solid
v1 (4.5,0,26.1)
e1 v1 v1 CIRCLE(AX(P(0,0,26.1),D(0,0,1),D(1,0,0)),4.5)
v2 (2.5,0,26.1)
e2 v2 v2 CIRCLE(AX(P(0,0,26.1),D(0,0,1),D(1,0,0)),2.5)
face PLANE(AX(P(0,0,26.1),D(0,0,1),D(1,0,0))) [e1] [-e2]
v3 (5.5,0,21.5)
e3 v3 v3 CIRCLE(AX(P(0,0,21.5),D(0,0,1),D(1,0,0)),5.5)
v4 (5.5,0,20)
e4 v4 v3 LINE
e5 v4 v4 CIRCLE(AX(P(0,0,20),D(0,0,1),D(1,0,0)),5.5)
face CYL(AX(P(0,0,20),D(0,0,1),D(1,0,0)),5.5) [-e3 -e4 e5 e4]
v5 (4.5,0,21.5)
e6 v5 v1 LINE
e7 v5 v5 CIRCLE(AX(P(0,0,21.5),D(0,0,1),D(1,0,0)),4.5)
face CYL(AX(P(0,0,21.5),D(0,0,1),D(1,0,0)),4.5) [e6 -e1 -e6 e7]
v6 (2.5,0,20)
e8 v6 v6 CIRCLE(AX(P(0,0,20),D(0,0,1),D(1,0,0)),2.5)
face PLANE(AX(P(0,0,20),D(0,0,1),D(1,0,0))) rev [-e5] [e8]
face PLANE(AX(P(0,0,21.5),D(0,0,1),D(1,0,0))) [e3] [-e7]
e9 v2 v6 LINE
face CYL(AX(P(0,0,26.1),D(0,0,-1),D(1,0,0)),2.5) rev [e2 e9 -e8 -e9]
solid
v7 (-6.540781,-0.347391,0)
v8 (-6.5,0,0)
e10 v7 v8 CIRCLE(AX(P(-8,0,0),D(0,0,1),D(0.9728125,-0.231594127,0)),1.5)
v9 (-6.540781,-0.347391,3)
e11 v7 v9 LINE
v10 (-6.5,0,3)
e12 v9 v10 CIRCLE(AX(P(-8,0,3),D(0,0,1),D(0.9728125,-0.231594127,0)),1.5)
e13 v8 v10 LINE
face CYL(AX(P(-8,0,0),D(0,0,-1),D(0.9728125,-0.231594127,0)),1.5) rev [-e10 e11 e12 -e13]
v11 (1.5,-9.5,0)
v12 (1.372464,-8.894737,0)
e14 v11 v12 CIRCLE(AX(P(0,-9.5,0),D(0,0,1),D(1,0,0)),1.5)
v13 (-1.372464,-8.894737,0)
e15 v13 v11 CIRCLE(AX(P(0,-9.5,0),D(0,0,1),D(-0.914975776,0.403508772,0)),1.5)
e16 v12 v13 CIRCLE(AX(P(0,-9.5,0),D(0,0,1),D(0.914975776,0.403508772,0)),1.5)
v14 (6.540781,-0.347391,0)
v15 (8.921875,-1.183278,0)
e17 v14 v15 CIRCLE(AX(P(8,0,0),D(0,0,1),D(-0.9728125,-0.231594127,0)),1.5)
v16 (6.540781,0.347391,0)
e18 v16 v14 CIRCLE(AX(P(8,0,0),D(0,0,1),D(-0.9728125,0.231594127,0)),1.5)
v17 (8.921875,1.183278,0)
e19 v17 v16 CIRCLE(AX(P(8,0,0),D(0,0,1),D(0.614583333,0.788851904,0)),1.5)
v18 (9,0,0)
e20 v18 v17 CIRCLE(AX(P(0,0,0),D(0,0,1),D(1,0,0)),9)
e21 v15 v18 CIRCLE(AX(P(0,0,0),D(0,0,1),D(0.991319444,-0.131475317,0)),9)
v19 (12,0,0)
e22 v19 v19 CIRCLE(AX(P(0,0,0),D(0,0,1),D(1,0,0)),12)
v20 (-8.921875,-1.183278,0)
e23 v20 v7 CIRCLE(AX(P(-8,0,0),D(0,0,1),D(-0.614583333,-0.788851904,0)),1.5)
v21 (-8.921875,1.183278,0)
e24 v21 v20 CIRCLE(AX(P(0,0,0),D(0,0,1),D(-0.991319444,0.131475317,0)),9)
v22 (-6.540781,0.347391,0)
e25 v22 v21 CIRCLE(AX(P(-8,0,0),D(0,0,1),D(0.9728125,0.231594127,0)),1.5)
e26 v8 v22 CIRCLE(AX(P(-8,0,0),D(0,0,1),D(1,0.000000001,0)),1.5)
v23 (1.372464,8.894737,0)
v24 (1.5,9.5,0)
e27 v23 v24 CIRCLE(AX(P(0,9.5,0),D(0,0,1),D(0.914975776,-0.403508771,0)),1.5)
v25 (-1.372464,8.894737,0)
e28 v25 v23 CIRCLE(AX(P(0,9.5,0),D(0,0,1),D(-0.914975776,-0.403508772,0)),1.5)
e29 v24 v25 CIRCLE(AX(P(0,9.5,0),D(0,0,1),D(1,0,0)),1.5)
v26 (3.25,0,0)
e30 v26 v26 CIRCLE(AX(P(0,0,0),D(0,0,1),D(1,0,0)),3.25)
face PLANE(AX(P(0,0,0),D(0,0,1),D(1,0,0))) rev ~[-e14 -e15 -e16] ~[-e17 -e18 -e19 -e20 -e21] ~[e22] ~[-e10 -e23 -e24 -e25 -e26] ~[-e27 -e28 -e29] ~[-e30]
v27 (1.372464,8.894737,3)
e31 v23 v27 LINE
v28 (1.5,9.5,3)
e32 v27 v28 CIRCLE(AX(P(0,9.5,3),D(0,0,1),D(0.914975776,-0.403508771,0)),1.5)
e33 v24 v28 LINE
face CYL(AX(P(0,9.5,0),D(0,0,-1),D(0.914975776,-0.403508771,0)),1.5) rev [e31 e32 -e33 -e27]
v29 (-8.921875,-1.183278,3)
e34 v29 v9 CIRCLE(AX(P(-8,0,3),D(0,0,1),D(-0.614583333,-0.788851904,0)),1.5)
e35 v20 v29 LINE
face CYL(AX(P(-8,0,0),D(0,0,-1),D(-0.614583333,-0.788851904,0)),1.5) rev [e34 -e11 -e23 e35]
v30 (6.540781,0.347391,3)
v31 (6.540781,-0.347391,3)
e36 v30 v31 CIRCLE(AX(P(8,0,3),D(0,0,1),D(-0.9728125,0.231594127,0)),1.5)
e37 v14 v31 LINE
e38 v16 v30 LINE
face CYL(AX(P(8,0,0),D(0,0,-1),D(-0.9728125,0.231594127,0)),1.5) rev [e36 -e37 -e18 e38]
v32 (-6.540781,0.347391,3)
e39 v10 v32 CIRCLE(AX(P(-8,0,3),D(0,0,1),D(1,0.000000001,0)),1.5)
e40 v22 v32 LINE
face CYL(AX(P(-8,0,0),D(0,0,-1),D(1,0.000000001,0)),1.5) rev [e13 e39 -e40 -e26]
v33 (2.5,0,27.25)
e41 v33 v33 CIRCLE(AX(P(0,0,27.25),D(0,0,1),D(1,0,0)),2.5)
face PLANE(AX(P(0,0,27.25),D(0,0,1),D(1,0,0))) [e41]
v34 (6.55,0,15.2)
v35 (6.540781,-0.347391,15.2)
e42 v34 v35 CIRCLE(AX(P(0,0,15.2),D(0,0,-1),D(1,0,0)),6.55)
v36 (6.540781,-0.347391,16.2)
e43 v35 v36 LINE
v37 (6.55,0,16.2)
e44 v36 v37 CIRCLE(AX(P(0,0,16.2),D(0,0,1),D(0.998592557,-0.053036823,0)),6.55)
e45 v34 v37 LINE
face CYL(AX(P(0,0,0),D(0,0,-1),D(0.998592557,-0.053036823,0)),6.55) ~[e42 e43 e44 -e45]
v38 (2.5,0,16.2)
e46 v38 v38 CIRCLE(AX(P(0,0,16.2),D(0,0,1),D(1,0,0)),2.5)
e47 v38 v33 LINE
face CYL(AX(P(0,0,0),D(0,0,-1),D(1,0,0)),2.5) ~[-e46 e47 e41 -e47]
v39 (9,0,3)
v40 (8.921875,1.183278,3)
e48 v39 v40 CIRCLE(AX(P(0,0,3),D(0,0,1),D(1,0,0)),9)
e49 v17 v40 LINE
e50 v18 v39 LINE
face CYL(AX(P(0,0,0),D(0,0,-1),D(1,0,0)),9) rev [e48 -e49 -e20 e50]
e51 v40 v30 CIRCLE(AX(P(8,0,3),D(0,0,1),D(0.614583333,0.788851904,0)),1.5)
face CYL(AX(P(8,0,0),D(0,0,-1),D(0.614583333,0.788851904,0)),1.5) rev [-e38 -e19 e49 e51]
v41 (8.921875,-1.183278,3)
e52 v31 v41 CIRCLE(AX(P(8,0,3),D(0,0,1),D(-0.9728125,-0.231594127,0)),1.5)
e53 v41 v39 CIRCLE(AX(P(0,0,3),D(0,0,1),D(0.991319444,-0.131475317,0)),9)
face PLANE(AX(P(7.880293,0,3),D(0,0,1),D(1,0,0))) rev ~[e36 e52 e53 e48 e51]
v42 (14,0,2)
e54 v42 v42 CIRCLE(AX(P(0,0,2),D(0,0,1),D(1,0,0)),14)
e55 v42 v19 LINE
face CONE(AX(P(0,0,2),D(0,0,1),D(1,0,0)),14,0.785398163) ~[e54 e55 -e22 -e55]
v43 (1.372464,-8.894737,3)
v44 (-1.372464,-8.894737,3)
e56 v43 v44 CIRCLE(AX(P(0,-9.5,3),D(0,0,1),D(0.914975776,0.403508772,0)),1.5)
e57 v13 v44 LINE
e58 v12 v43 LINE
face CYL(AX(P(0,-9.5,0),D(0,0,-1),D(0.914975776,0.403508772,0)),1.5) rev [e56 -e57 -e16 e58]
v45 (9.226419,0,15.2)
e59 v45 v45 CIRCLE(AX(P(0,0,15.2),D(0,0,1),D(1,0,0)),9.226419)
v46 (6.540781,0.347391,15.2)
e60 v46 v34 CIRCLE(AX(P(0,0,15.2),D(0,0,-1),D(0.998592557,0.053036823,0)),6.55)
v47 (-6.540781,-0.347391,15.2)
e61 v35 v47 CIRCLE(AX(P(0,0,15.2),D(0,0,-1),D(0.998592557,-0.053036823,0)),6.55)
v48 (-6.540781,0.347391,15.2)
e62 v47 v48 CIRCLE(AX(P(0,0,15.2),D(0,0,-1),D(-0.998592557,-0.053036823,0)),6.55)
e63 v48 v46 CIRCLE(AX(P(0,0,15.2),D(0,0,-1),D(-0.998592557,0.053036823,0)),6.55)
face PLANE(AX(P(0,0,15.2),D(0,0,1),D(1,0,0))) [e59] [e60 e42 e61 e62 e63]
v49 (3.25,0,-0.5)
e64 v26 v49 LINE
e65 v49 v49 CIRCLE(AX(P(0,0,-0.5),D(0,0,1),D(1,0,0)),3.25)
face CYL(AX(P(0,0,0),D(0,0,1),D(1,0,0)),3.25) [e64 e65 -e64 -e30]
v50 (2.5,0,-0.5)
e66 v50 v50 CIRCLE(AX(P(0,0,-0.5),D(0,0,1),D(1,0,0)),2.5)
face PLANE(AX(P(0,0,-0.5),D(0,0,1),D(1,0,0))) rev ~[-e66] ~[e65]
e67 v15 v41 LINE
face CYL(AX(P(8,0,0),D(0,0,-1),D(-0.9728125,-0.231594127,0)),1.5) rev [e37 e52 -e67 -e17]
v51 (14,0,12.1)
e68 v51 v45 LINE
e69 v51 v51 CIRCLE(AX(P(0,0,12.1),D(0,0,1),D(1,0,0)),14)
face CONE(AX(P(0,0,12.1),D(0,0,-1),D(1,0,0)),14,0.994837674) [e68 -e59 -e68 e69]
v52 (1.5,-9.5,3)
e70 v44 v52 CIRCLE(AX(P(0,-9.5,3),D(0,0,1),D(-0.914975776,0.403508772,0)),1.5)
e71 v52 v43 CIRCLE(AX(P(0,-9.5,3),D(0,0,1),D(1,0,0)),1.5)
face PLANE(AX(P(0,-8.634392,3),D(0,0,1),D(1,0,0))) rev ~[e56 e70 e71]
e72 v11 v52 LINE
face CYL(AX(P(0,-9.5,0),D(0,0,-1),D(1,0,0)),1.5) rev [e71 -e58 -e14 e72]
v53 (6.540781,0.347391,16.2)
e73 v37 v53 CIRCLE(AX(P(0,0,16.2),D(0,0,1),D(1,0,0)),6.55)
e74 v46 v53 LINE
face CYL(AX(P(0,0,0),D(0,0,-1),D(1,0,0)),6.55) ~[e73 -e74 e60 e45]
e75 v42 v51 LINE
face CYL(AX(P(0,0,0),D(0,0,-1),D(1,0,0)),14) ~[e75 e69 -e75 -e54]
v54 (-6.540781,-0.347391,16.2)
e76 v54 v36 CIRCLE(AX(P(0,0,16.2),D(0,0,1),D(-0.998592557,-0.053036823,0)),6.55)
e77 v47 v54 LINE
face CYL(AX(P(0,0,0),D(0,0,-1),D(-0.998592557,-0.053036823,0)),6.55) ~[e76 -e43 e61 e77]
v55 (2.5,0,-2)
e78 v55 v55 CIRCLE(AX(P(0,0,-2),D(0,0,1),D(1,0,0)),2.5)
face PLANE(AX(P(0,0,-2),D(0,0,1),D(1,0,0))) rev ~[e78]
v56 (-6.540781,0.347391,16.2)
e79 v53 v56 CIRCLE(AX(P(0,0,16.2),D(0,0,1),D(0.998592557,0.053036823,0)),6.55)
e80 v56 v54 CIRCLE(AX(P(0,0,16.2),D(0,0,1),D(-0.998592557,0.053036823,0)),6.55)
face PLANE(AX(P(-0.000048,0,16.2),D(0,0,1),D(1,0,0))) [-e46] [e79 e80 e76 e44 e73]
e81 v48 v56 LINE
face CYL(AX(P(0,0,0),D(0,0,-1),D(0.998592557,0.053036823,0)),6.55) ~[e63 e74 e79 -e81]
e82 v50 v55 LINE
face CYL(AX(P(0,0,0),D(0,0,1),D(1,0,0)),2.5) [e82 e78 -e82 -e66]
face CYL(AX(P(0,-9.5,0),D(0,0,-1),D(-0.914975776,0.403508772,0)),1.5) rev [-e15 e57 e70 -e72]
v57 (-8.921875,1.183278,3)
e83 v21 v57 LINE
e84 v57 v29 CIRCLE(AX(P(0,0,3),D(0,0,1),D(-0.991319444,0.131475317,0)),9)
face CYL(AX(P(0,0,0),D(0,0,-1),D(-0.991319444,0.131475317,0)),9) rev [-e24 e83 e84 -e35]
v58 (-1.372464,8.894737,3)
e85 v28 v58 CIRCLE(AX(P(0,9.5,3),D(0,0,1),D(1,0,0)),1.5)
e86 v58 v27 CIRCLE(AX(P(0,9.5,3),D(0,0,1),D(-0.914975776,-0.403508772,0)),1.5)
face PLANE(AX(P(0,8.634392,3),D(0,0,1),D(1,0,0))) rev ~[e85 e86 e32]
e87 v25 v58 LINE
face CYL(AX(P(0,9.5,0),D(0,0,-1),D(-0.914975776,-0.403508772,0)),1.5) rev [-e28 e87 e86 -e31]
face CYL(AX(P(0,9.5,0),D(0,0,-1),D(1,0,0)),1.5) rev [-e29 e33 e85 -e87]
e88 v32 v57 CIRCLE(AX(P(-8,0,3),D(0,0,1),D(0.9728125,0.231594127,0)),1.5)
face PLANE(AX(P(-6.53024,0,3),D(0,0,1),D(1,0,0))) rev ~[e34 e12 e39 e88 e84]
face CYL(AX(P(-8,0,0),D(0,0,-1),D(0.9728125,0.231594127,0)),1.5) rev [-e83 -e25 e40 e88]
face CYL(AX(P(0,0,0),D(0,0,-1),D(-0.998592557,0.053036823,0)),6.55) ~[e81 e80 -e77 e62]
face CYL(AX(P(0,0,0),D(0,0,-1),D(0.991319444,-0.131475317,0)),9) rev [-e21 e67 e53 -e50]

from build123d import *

# Parameters (mm, degrees)
F0_R          = 14
F1_DEPTH      = 15.2
F0_R_2        = 3.25
F0_R_3        = 2.5
F2_DEPTH      = 16.2
F3_DEPTH      = 27.25
F3_DEPTH_BACK = 2
F4_DEPTH      = 0.5
F5_SIZE2      = 4.7735813878
F5_SIZE       = 3.1
F6_SIZE2      = 2
F6_SIZE       = 2
F9_DEPTH      = 3


with BuildPart() as f1:
    # F0 (on Top) → F1 (new body)
    with BuildSketch(Plane.XY):
        Circle(F0_R)
        with BuildLine():
            ThreePointArc((1.3724636643, 8.8947368421), (6.4311742363, 6.2960303321), (8.921875, 1.1832778559))
            ThreePointArc((8.921875, 1.1832778559), (9.3477411658, 0.6584783596), (9.5, 0))
            ThreePointArc((9.5, 0), (9.3477411658, -0.6584783596), (8.921875, -1.1832778559))
            ThreePointArc((8.921875, -1.1832778559), (6.4311742363, -6.2960303321), (1.3724636643, -8.8947368421))
            ThreePointArc((1.3724636643, -8.8947368421), (1.4677696509, -9.1907230177), (1.5, -9.5))
            ThreePointArc((1.5, -9.5), (-0.3092769823, -10.9677696509), (-1.3724636643, -8.8947368421))
            ThreePointArc((-1.3724636643, -8.8947368421), (-6.4311742363, -6.2960303321), (-8.921875, -1.1832778559))
            ThreePointArc((-8.921875, -1.1832778559), (-9.5, 0), (-8.921875, 1.1832778559))
            ThreePointArc((-8.921875, 1.1832778559), (-6.4311742363, 6.2960303321), (-1.3724636643, 8.8947368421))
            ThreePointArc((-1.3724636643, 8.8947368421), (-0.3092769823, 10.9677696509), (1.5, 9.5))
            ThreePointArc((1.5, 9.5), (1.4677696509, 9.1907230177), (1.3724636643, 8.8947368421))
        make_face(mode=Mode.SUBTRACT)
        with BuildLine():
            ThreePointArc((-6.54078125, -0.3473911911), (-6.55, 0), (-6.54078125, 0.3473911911))
            ThreePointArc((-6.54078125, 0.3473911911), (-7.5031487088, 1.4153228587), (-8.921875, 1.1832778559))
            ThreePointArc((-8.921875, 1.1832778559), (-9, 0), (-8.921875, -1.1832778559))
            ThreePointArc((-8.921875, -1.1832778559), (-7.5031487088, -1.4153228587), (-6.54078125, -0.3473911911))
        make_face()
        with BuildLine():
            ThreePointArc((6.54078125, 0.3473911911), (6.5476949069, 0.1737567445), (6.55, 0))
            ThreePointArc((6.55, 0), (6.5476949069, -0.1737567445), (6.54078125, -0.3473911911))
            ThreePointArc((6.54078125, -0.3473911911), (7.5031487088, -1.4153228587), (8.921875, -1.1832778559))
            ThreePointArc((8.921875, -1.1832778559), (8.9804475111, -0.5929270613), (9, 0))
            ThreePointArc((9, 0), (8.9804475111, 0.5929270613), (8.921875, 1.1832778559))
            ThreePointArc((8.921875, 1.1832778559), (7.5031487088, 1.4153228587), (6.54078125, 0.3473911911))
        make_face()
        with BuildLine():
            ThreePointArc((-1.3724636643, -8.8947368421), (0, -9), (1.3724636643, -8.8947368421))
            ThreePointArc((1.3724636643, -8.8947368421), (0, -8), (-1.3724636643, -8.8947368421))
        make_face()
        with BuildLine():
            ThreePointArc((1.5, -9.5), (1.4677696509, -9.1907230177), (1.3724636643, -8.8947368421))
            ThreePointArc((1.3724636643, -8.8947368421), (0, -9), (-1.3724636643, -8.8947368421))
            ThreePointArc((-1.3724636643, -8.8947368421), (-0.3092769823, -10.9677696509), (1.5, -9.5))
        make_face()
        with BuildLine():
            ThreePointArc((-1.3724636643, 8.8947368421), (0, 8), (1.3724636643, 8.8947368421))
            ThreePointArc((1.3724636643, 8.8947368421), (0, 9), (-1.3724636643, 8.8947368421))
        make_face()
        with BuildLine():
            ThreePointArc((-1.3724636643, 8.8947368421), (0, 9), (1.3724636643, 8.8947368421))
            ThreePointArc((1.3724636643, 8.8947368421), (1.4677696509, 9.1907230177), (1.5, 9.5))
            ThreePointArc((1.5, 9.5), (-0.3092769823, 10.9677696509), (-1.3724636643, 8.8947368421))
        make_face()
        with BuildLine():
            ThreePointArc((-8.921875, -1.1832778559), (-9, 0), (-8.921875, 1.1832778559))
            ThreePointArc((-8.921875, 1.1832778559), (-9.5, 0), (-8.921875, -1.1832778559))
        make_face()
        with BuildLine():
            ThreePointArc((9.5, 0), (9.3477411658, 0.6584783596), (8.921875, 1.1832778559))
            ThreePointArc((8.921875, 1.1832778559), (8.9804475111, 0.5929270613), (9, 0))
            ThreePointArc((9, 0), (8.9804475111, -0.5929270613), (8.921875, -1.1832778559))
            ThreePointArc((8.921875, -1.1832778559), (9.3477411658, -0.6584783596), (9.5, 0))
        make_face()
        with BuildLine():
            ThreePointArc((-6.54078125, 0.3473911911), (0, 6.55), (6.54078125, 0.3473911911))
            ThreePointArc((6.54078125, 0.3473911911), (7.5031487088, 1.4153228587), (8.921875, 1.1832778559))
            ThreePointArc((8.921875, 1.1832778559), (6.4311742363, 6.2960303321), (1.3724636643, 8.8947368421))
            ThreePointArc((1.3724636643, 8.8947368421), (0, 8), (-1.3724636643, 8.8947368421))
            ThreePointArc((-1.3724636643, 8.8947368421), (-6.4311742363, 6.2960303321), (-8.921875, 1.1832778559))
            ThreePointArc((-8.921875, 1.1832778559), (-7.5031487088, 1.4153228587), (-6.54078125, 0.3473911911))
        make_face()
        with BuildLine():
            ThreePointArc((8.921875, -1.1832778559), (7.5031487088, -1.4153228587), (6.54078125, -0.3473911911))
            ThreePointArc((6.54078125, -0.3473911911), (0, -6.55), (-6.54078125, -0.3473911911))
            ThreePointArc((-6.54078125, -0.3473911911), (-7.5031487088, -1.4153228587), (-8.921875, -1.1832778559))
            ThreePointArc((-8.921875, -1.1832778559), (-6.4311742363, -6.2960303321), (-1.3724636643, -8.8947368421))
            ThreePointArc((-1.3724636643, -8.8947368421), (0, -8), (1.3724636643, -8.8947368421))
            ThreePointArc((1.3724636643, -8.8947368421), (6.4311742363, -6.2960303321), (8.921875, -1.1832778559))
        make_face()
    extrude(amount=F1_DEPTH)



with BuildPart() as f1b:
    # F0 (on Top) → F1, piece 2 (new body)
    with BuildSketch(Plane.XY):
        Circle(F0_R_2)
        Circle(F0_R_3, mode=Mode.SUBTRACT)
        Circle(F0_R_3)
    extrude(amount=F1_DEPTH)


with BuildPart() as f1_1:
    add(f1.part)

    add(f1b.part)  # F2 merges F1b
    # F0 (on Top) → F2 (join)
    with BuildSketch(Plane.XY):
        with BuildLine():
            ThreePointArc((6.54078125, -0.3473911911), (6.5, 0), (6.54078125, 0.3473911911))
            ThreePointArc((6.54078125, 0.3473911911), (0, 6.55), (-6.54078125, 0.3473911911))
            ThreePointArc((-6.54078125, 0.3473911911), (-6.5102301982, 0.1748883572), (-6.5, 0))
            ThreePointArc((-6.5, 0), (-6.5102301982, -0.1748883572), (-6.54078125, -0.3473911911))
            ThreePointArc((-6.54078125, -0.3473911911), (0, -6.55), (6.54078125, -0.3473911911))
        make_face()
        Circle(F0_R_2, mode=Mode.SUBTRACT)
        with BuildLine():
            ThreePointArc((-6.5, 0), (-6.5102301982, 0.1748883572), (-6.54078125, 0.3473911911))
            ThreePointArc((-6.54078125, 0.3473911911), (-6.55, 0), (-6.54078125, -0.3473911911))
            ThreePointArc((-6.54078125, -0.3473911911), (-6.5102301982, -0.1748883572), (-6.5, 0))
        make_face()
        with BuildLine():
            ThreePointArc((6.54078125, -0.3473911911), (6.5476949069, -0.1737567445), (6.55, 0))
            ThreePointArc((6.55, 0), (6.5476949069, 0.1737567445), (6.54078125, 0.3473911911))
            ThreePointArc((6.54078125, 0.3473911911), (6.5, 0), (6.54078125, -0.3473911911))
        make_face()
        Circle(F0_R_2)
        Circle(F0_R_3, mode=Mode.SUBTRACT)
    extrude(amount=F2_DEPTH)

    # F0 (on Top) → F3 (join, two sides)
    with BuildSketch(Plane.XY) as f3_sk:
        Circle(F0_R_3)
    extrude(amount=F3_DEPTH)
    extrude(f3_sk.sketch, amount=-F3_DEPTH_BACK)

    # F0 (on Top) → F4 (join)
    with BuildSketch(Plane.XY):
        Circle(F0_R_2)
        Circle(F0_R_3, mode=Mode.SUBTRACT)
    extrude(amount=-F4_DEPTH)

    # F5
    f5_edges = [f1_1.edges().sort_by_distance(p)[0] for p in [
        (-14, 0, 15.2),
    ]]
    f5_side = f1_1.faces().sort_by_distance((-14, 0, 7.6))[0]
    chamfer(f5_edges, length=F5_SIZE, length2=F5_SIZE2, reference=f5_side)

    # F6
    f6_edges = [f1_1.edges().sort_by_distance(p)[0] for p in [
        (-14, 0, 0),
    ]]
    chamfer(f6_edges, length=F6_SIZE, length2=F6_SIZE2)

    # F0 (on Top) → F9 (cut)
    with BuildSketch(Plane.XY):
        with BuildLine():
            ThreePointArc((-6.5, 0), (-6.5102301982, 0.1748883572), (-6.54078125, 0.3473911911))
            ThreePointArc((-6.54078125, 0.3473911911), (-6.55, 0), (-6.54078125, -0.3473911911))
            ThreePointArc((-6.54078125, -0.3473911911), (-6.5102301982, -0.1748883572), (-6.5, 0))
        make_face()
        with BuildLine():
            ThreePointArc((-6.54078125, -0.3473911911), (-6.55, 0), (-6.54078125, 0.3473911911))
            ThreePointArc((-6.54078125, 0.3473911911), (-7.5031487088, 1.4153228587), (-8.921875, 1.1832778559))
            ThreePointArc((-8.921875, 1.1832778559), (-9, 0), (-8.921875, -1.1832778559))
            ThreePointArc((-8.921875, -1.1832778559), (-7.5031487088, -1.4153228587), (-6.54078125, -0.3473911911))
        make_face()
        with BuildLine():
            ThreePointArc((-1.3724636643, -8.8947368421), (0, -9), (1.3724636643, -8.8947368421))
            ThreePointArc((1.3724636643, -8.8947368421), (0, -8), (-1.3724636643, -8.8947368421))
        make_face()
        with BuildLine():
            ThreePointArc((1.5, -9.5), (1.4677696509, -9.1907230177), (1.3724636643, -8.8947368421))
            ThreePointArc((1.3724636643, -8.8947368421), (0, -9), (-1.3724636643, -8.8947368421))
            ThreePointArc((-1.3724636643, -8.8947368421), (-0.3092769823, -10.9677696509), (1.5, -9.5))
        make_face()
        with BuildLine():
            ThreePointArc((6.54078125, 0.3473911911), (6.5476949069, 0.1737567445), (6.55, 0))
            ThreePointArc((6.55, 0), (6.5476949069, -0.1737567445), (6.54078125, -0.3473911911))
            ThreePointArc((6.54078125, -0.3473911911), (7.5031487088, -1.4153228587), (8.921875, -1.1832778559))
            ThreePointArc((8.921875, -1.1832778559), (8.9804475111, -0.5929270613), (9, 0))
            ThreePointArc((9, 0), (8.9804475111, 0.5929270613), (8.921875, 1.1832778559))
            ThreePointArc((8.921875, 1.1832778559), (7.5031487088, 1.4153228587), (6.54078125, 0.3473911911))
        make_face()
        with BuildLine():
            ThreePointArc((6.54078125, -0.3473911911), (6.5476949069, -0.1737567445), (6.55, 0))
            ThreePointArc((6.55, 0), (6.5476949069, 0.1737567445), (6.54078125, 0.3473911911))
            ThreePointArc((6.54078125, 0.3473911911), (6.5, 0), (6.54078125, -0.3473911911))
        make_face()
        with BuildLine():
            ThreePointArc((-1.3724636643, 8.8947368421), (0, 8), (1.3724636643, 8.8947368421))
            ThreePointArc((1.3724636643, 8.8947368421), (0, 9), (-1.3724636643, 8.8947368421))
        make_face()
        with BuildLine():
            ThreePointArc((-1.3724636643, 8.8947368421), (0, 9), (1.3724636643, 8.8947368421))
            ThreePointArc((1.3724636643, 8.8947368421), (1.4677696509, 9.1907230177), (1.5, 9.5))
            ThreePointArc((1.5, 9.5), (-0.3092769823, 10.9677696509), (-1.3724636643, 8.8947368421))
        make_face()
    extrude(amount=F9_DEPTH, mode=Mode.SUBTRACT)


with BuildPart() as f8:
    # F7 (on Front) → F8 (revolve)
    with BuildSketch(Plane.XZ):
        Polygon((2.5, 26.1), (2.5, 20), (5.5, 20), (5.5, 21.5), (4.5, 21.5), (4.5, 26.1), align=None)
    revolve(axis=Axis((0, 0, 24.1000112146), (0, 0, 1)))


solid = Compound([f1_1.part, f8.part])
